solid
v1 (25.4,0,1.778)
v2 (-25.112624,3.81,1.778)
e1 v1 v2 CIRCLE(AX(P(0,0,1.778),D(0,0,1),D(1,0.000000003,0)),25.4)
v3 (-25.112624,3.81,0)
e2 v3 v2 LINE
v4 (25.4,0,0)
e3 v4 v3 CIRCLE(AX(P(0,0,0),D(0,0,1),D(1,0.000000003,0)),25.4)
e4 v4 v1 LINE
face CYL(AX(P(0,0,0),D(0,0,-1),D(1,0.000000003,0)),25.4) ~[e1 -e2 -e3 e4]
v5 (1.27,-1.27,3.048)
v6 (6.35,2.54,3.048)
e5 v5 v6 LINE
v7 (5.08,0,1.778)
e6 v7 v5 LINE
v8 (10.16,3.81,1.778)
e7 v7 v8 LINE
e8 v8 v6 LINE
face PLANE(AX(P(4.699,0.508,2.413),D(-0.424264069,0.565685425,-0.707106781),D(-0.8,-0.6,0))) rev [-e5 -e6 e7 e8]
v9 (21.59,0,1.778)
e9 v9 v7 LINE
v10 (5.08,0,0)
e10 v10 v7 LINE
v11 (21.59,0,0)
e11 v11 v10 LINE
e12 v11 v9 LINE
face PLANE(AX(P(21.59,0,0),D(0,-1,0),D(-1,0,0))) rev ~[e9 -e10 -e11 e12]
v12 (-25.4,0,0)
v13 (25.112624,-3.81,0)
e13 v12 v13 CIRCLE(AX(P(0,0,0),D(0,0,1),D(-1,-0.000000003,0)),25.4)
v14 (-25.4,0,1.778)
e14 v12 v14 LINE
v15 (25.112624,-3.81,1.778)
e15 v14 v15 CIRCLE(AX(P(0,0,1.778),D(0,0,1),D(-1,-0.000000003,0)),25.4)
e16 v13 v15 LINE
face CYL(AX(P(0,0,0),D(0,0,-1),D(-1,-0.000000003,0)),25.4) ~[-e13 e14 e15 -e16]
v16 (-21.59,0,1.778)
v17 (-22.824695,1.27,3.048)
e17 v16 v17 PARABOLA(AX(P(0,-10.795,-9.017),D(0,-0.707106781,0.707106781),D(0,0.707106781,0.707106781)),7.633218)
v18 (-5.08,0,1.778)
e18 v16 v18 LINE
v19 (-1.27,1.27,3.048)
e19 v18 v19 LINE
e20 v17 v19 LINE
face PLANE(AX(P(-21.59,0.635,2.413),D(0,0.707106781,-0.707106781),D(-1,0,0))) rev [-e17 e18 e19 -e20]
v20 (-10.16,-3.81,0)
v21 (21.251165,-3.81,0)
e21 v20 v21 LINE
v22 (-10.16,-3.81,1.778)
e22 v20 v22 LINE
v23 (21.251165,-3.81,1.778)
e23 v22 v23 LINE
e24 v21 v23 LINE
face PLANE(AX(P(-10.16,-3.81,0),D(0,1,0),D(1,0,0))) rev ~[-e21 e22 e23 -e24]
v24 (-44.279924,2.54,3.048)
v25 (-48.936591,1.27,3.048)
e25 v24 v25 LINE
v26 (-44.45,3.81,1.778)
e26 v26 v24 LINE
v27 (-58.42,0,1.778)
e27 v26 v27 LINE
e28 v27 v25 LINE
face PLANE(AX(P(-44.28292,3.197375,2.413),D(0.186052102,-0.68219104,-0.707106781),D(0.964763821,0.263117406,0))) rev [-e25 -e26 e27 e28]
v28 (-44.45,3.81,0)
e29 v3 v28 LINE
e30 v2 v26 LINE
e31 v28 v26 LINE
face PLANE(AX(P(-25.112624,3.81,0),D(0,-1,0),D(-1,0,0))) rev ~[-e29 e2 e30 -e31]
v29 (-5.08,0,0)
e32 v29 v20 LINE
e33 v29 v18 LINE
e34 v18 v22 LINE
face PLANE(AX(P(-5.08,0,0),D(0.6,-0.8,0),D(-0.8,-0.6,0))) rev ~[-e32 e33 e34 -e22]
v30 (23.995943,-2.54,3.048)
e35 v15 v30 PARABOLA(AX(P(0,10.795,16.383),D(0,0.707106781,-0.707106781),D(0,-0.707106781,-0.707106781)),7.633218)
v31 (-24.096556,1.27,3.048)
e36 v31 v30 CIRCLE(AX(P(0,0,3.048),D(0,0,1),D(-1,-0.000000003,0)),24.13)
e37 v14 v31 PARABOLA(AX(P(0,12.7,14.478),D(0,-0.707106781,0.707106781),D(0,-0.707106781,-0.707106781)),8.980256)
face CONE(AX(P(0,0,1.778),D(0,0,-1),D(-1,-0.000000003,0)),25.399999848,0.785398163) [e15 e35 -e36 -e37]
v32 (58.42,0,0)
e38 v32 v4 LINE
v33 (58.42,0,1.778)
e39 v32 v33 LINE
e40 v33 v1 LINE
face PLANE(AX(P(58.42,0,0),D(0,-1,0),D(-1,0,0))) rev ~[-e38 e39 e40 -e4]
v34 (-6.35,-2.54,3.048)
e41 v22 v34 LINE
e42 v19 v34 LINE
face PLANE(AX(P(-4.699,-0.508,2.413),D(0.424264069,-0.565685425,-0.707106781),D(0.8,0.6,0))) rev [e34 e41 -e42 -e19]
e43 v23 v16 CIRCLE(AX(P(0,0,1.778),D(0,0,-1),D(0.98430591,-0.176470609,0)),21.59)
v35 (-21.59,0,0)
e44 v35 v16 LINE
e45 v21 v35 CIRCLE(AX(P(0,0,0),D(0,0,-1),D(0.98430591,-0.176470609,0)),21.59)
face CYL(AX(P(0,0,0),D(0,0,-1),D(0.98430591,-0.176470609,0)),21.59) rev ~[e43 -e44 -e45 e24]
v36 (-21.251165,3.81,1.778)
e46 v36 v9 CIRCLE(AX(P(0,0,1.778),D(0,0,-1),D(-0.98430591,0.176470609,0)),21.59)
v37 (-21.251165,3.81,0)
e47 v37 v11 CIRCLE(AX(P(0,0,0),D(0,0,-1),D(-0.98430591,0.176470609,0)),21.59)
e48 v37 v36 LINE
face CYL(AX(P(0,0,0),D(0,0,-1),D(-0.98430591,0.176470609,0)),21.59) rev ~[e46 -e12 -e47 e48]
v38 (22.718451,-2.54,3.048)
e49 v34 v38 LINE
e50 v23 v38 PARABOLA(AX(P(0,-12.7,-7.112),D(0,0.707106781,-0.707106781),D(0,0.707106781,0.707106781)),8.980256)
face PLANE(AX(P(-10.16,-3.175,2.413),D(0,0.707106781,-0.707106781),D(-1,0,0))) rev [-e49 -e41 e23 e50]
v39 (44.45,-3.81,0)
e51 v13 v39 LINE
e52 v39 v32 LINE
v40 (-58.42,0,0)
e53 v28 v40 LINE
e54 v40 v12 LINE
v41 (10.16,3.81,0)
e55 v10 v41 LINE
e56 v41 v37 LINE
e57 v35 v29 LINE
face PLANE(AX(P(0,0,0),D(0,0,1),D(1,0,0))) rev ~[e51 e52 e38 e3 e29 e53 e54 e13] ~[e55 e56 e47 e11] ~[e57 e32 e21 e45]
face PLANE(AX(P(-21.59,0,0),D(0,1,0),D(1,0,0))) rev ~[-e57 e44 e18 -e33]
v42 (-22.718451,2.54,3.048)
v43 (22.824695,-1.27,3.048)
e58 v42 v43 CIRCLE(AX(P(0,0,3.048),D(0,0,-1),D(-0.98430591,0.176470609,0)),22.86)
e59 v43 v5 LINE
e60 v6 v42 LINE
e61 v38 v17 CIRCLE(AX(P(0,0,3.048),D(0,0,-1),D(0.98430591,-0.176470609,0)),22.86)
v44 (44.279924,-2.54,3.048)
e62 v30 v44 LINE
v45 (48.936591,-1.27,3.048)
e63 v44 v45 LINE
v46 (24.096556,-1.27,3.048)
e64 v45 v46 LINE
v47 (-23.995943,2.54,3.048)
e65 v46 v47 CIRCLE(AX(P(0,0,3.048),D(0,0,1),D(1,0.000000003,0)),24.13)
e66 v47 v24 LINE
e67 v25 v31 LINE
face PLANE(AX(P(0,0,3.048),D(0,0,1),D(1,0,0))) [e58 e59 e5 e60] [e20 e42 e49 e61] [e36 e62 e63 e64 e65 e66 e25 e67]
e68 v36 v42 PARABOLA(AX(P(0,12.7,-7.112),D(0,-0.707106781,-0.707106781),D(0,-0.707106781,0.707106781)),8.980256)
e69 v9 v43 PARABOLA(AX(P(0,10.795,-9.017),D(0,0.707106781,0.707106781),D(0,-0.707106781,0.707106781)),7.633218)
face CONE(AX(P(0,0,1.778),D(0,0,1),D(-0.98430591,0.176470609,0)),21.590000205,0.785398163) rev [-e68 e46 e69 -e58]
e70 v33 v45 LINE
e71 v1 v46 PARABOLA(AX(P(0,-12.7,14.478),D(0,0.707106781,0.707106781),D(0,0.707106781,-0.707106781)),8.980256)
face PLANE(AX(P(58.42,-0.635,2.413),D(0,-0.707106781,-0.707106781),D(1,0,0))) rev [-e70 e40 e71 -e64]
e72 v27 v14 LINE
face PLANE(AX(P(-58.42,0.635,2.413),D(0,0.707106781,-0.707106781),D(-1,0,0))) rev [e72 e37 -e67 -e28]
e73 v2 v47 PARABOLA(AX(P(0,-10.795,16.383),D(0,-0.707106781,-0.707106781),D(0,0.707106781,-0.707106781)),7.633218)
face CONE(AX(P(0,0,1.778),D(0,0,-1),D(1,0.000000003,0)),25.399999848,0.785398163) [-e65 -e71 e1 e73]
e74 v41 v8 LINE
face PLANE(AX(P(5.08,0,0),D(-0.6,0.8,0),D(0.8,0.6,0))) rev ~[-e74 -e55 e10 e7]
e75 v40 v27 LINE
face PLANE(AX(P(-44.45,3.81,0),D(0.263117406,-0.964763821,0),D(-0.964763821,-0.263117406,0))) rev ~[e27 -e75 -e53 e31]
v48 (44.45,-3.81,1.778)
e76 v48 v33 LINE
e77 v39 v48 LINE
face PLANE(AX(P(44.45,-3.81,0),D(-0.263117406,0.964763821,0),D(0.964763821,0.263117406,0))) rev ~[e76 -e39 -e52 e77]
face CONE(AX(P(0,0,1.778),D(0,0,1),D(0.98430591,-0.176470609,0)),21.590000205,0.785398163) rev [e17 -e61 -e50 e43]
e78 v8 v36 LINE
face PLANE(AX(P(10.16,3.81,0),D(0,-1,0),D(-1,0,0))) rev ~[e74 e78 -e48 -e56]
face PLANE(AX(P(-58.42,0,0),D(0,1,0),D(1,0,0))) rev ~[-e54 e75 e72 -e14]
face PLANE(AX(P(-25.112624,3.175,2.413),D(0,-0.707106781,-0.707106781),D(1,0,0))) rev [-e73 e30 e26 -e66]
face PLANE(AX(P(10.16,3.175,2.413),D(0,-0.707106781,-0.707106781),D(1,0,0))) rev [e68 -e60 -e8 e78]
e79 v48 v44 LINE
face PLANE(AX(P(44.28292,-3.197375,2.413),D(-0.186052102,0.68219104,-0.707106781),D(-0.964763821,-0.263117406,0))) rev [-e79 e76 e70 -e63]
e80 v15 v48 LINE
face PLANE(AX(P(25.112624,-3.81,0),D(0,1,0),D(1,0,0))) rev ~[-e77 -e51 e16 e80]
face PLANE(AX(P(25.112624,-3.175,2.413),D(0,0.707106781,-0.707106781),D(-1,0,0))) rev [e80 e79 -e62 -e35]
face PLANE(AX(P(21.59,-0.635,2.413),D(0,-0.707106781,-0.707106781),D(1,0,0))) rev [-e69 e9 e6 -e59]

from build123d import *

# Parameters (mm, degrees)
F1_DEPTH = 3.048
F2_SIZE  = 1.27


with BuildPart() as f1:
    # F0 (on Top) → F1 (new body)
    with BuildSketch(Plane.XY):
        with BuildLine():
            Line((-25.112624, 3.81), (-44.45, 3.81))
            Line((-44.45, 3.81), (-58.42, 0))
            Line((-58.42, 0), (-25.4, 0))
            ThreePointArc((-25.4, 0), (-1.910411, -25.328054), (25.112624, -3.81))
            Line((25.112624, -3.81), (44.45, -3.81))
            Line((44.45, -3.81), (58.42, 0))
            Line((58.42, 0), (25.4, 0))
            ThreePointArc((25.4, 0), (1.910411, 25.328054), (-25.112624, 3.81))
        make_face()
        with BuildLine():
            Line((-5.08, 0), (-10.16, -3.81))
            Line((-10.16, -3.81), (21.251165, -3.81))
            ThreePointArc((21.251165, -3.81), (-1.912519, -21.505124), (-21.59, 0))
            Line((-21.59, 0), (-5.08, 0))
        make_face(mode=Mode.SUBTRACT)
        with BuildLine():
            Line((5.08, 0), (10.16, 3.81))
            Line((10.16, 3.81), (-21.251165, 3.81))
            ThreePointArc((-21.251165, 3.81), (1.912519, 21.505124), (21.59, 0))
            Line((21.59, 0), (5.08, 0))
        make_face(mode=Mode.SUBTRACT)
    extrude(amount=F1_DEPTH)

    # F2
    f2_edges = [f1.edges().sort_by_distance(p)[0] for p in [
        (-51.435, 1.905, 3.048),
        (-34.781312, 3.81, 3.048),
        (-41.91, 0, 3.048),
        (-1.910411, -25.328054, 3.048),
        (-1.912519, -21.505124, 3.048),
        (5.545582, -3.81, 3.048),
        (13.335, 0, 3.048),
        (7.62, 1.905, 3.048),
        (-5.545582, 3.81, 3.048),
        (-13.335, 0, 3.048),
        (-7.62, -1.905, 3.048),
        (1.912519, 21.505124, 3.048),
        (1.910411, 25.328054, 3.048),
        (41.91, 0, 3.048),
        (34.781312, -3.81, 3.048),
        (51.435, -1.905, 3.048),
    ]]
    chamfer(f2_edges, length=F2_SIZE)


solid = f1.part
